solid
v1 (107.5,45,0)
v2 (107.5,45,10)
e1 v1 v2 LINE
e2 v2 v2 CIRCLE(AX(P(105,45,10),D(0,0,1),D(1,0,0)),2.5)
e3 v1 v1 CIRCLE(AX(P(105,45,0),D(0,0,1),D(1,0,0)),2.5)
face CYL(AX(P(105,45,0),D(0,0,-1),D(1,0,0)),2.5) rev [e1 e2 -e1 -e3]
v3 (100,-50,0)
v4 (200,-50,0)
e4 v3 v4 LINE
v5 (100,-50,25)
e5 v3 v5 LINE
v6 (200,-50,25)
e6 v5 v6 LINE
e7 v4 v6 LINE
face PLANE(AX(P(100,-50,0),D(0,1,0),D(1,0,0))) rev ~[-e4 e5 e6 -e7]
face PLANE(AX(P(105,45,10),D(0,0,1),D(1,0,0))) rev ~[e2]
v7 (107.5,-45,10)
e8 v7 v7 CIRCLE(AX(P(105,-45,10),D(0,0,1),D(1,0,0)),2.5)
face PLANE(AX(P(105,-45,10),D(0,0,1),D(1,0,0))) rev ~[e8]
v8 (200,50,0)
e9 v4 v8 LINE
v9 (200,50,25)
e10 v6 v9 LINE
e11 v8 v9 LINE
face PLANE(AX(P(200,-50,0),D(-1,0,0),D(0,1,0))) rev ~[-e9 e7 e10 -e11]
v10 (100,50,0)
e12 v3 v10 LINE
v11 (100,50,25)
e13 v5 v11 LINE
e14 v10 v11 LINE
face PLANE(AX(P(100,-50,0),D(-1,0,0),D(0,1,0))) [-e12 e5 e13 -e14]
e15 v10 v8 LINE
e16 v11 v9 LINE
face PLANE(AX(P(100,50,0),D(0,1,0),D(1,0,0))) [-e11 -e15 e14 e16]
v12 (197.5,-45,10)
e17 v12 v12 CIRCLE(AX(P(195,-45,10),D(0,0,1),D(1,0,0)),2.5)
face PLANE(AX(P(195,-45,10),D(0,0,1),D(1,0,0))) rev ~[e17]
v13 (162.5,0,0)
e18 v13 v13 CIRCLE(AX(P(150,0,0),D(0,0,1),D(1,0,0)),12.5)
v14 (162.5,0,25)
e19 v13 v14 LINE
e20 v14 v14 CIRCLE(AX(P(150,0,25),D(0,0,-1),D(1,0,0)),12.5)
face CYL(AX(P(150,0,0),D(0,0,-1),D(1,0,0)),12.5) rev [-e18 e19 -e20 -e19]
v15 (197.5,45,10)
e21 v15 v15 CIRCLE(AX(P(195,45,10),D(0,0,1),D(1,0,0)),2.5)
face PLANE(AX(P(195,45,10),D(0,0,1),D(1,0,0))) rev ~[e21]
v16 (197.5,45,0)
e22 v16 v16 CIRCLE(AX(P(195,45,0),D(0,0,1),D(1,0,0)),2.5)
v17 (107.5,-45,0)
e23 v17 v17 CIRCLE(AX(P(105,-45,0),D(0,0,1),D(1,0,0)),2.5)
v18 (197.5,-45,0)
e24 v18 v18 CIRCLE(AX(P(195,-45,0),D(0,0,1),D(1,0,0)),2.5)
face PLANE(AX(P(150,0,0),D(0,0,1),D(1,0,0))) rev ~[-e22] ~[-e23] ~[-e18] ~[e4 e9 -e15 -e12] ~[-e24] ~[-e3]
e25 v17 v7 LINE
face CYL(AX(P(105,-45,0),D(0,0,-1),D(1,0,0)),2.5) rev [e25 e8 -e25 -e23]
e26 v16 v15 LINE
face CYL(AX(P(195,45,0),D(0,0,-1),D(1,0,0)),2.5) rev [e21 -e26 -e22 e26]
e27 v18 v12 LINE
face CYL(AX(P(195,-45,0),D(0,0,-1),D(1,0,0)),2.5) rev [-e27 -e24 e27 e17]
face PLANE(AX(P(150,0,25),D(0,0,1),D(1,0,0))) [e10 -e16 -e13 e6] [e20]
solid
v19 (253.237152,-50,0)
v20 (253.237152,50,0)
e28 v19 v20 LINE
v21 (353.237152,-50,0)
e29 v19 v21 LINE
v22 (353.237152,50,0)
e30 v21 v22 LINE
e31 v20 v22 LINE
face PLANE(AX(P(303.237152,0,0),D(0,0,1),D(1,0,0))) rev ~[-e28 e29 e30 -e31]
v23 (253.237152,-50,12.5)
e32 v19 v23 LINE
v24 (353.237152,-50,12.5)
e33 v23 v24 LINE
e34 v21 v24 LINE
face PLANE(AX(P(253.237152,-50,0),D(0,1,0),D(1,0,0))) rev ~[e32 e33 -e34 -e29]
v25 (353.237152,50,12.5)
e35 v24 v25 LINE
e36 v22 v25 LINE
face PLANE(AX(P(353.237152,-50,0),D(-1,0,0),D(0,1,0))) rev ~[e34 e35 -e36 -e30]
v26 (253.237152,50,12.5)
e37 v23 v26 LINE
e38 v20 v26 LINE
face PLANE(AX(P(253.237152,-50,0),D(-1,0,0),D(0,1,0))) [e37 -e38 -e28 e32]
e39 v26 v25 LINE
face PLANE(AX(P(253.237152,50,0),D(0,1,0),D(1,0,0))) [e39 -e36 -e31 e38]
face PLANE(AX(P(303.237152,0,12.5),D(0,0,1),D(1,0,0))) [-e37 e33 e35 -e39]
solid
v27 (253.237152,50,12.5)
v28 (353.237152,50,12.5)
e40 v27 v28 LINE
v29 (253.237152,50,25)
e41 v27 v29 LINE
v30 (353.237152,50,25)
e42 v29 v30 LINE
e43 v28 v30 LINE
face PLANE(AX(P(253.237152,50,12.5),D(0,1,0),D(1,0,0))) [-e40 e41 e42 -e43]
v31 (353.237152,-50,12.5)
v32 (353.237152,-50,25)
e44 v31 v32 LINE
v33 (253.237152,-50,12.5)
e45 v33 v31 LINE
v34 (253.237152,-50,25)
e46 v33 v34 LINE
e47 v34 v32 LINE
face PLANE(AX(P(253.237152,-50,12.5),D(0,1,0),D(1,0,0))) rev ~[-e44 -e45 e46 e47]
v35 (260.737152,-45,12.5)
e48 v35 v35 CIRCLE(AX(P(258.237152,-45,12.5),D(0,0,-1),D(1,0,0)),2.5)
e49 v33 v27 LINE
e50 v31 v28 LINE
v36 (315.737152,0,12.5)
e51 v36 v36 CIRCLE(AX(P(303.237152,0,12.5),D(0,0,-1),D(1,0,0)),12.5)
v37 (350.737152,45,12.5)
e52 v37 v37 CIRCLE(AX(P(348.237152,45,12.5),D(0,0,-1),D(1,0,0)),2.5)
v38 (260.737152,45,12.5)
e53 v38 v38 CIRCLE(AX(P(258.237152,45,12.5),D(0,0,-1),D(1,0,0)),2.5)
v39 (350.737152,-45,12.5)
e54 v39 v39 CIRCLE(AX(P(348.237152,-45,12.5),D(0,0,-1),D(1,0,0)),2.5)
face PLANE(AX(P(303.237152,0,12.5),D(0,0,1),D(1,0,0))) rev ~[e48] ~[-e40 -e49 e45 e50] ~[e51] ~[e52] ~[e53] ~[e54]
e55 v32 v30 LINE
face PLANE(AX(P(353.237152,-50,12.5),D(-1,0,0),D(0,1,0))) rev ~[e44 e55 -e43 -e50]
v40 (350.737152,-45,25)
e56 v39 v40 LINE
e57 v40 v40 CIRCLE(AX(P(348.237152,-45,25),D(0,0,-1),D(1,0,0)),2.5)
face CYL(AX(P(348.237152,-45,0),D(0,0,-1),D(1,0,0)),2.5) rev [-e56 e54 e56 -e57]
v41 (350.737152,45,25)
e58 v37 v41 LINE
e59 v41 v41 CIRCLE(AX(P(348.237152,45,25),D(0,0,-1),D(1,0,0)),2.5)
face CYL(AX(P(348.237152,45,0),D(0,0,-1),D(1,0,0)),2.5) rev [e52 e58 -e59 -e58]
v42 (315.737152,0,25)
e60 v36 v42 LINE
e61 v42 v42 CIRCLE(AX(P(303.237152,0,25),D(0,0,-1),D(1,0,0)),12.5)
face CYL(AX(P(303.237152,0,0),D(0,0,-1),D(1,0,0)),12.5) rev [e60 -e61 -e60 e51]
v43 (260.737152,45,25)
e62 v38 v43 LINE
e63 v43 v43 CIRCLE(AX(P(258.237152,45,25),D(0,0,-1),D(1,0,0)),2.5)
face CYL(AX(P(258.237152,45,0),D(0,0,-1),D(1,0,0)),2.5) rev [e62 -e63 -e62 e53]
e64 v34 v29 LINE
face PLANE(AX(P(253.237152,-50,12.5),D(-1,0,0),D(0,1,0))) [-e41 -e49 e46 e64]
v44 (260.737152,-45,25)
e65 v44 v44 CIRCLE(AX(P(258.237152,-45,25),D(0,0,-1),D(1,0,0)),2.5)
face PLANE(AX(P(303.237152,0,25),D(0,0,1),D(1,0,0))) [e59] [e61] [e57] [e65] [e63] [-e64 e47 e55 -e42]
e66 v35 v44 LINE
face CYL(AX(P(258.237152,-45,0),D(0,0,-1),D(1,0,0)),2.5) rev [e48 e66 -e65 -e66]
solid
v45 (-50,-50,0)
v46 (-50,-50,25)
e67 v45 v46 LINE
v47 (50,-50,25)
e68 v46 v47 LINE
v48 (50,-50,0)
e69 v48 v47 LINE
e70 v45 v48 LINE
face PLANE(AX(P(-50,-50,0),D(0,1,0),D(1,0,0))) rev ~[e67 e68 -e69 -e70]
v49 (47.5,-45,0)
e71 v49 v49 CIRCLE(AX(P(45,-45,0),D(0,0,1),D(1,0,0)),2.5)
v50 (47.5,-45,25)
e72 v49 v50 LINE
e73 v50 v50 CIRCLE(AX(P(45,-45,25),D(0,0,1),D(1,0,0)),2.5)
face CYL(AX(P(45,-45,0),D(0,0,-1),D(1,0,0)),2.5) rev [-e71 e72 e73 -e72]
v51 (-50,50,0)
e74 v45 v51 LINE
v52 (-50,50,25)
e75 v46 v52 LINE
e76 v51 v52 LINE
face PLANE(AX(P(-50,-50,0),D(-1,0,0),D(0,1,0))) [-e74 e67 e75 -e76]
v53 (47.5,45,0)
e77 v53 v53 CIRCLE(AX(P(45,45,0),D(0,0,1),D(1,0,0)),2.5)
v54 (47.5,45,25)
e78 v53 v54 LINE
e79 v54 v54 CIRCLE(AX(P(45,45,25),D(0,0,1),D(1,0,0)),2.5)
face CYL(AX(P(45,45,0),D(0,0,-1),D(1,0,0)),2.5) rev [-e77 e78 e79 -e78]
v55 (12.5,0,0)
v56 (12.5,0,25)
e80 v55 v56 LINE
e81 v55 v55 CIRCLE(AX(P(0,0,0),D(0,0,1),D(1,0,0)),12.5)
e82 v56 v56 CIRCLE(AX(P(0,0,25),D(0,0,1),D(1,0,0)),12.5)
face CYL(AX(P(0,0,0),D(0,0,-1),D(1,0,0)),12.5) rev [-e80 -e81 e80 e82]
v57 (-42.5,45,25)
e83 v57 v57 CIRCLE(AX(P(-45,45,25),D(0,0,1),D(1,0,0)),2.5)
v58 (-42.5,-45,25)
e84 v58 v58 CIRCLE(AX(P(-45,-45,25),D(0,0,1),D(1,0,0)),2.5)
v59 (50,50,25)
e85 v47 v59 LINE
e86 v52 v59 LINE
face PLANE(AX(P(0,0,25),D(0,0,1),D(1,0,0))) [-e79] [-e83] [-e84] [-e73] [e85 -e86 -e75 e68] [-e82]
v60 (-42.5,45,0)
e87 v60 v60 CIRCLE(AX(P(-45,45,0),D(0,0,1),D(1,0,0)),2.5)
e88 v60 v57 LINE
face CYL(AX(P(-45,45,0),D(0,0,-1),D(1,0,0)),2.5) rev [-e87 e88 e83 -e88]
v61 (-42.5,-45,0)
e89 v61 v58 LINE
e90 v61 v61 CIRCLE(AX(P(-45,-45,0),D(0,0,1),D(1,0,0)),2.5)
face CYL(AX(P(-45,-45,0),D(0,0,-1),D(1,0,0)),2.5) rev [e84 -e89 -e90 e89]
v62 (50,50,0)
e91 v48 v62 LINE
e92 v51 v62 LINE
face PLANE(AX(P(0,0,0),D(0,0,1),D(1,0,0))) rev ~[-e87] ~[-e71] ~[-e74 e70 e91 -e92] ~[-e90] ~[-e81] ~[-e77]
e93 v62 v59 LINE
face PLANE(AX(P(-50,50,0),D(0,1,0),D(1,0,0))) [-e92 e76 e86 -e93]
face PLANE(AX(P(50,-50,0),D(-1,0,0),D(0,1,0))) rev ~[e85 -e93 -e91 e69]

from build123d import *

# Parameters (mm, degrees)
F1_W     = 100
F1_H     = 100
F1_R     = 2.5
F1_R_2   = 12.5
F3_DEPTH = 25
F2_W     = 100
F2_H     = 100
F2_R     = 2.5
F2_R_2   = 12.5
F4_DEPTH = 12.5
F5_DEPTH = 12.5
F0_W     = 100
F0_H     = 100
F0_R     = 2.5
F0_R_2   = 12.5
F6_DEPTH = 25
F7_DEPTH = 25.001
F8_DEPTH = 10
F9_DEPTH = 25.001


with BuildPart() as f3:
    # F1 (on Top) → F3 (new body)
    with BuildSketch(Plane.XY):
        with Locations((150, 0)):
            Rectangle(F1_W, F1_H)
        with Locations((105, -45)):
            Circle(F1_R, mode=Mode.SUBTRACT)
        with Locations((195, -45)):
            Circle(F1_R, mode=Mode.SUBTRACT)
        with Locations((105, 45)):
            Circle(F1_R, mode=Mode.SUBTRACT)
        with Locations((150, 0)):
            Circle(F1_R_2, mode=Mode.SUBTRACT)
        with Locations((195, 45)):
            Circle(F1_R, mode=Mode.SUBTRACT)
        with Locations((150, 0)):
            Circle(F1_R_2)
        with Locations((195, -45)):
            Circle(F1_R)
        with Locations((195, 45)):
            Circle(F1_R)
        with Locations((105, 45)):
            Circle(F1_R)
        with Locations((105, -45)):
            Circle(F1_R)
    extrude(amount=F3_DEPTH)

    # F1 (on Top) → F7 (cut, through all)
    with BuildSketch(Plane.XY):
        with Locations((150, 0)):
            Circle(F1_R_2)
    extrude(amount=F7_DEPTH, mode=Mode.SUBTRACT)

    # F1 (on Top) → F8 (cut)
    with BuildSketch(Plane.XY):
        with Locations((195, -45)):
            Circle(F1_R)
        with Locations((105, -45)):
            Circle(F1_R)
        with Locations((105, 45)):
            Circle(F1_R)
        with Locations((195, 45)):
            Circle(F1_R)
    extrude(amount=F8_DEPTH, mode=Mode.SUBTRACT)


with BuildPart() as f4:
    # F2 (on Top) → F4 (new body)
    with BuildSketch(Plane.XY):
        with Locations((303.2371522859, 0)):
            Rectangle(F2_W, F2_H)
        with Locations((258.2371522859, -45)):
            Circle(F2_R, mode=Mode.SUBTRACT)
        with Locations((348.2371522859, -45)):
            Circle(F2_R, mode=Mode.SUBTRACT)
        with Locations((303.2371522859, 0)):
            Circle(F2_R_2, mode=Mode.SUBTRACT)
        with Locations((258.2371522859, 45)):
            Circle(F2_R, mode=Mode.SUBTRACT)
        with Locations((348.2371522859, 45)):
            Circle(F2_R, mode=Mode.SUBTRACT)
        with Locations((303.2371522859, 0)):
            Circle(F2_R_2)
        with Locations((348.2371522859, 45)):
            Circle(F2_R)
        with Locations((348.2371522859, -45)):
            Circle(F2_R)
        with Locations((258.2371522859, -45)):
            Circle(F2_R)
        with Locations((258.2371522859, 45)):
            Circle(F2_R)
    extrude(amount=F4_DEPTH)


with BuildPart() as f5:
    # F5 (new): a face of the model
    f5_faces = [f4.part.faces().sort_by_distance(p)[0] for p in [
        (303.2371522859, 0, 12.5),
    ]]
    extrude(f5_faces, amount=F5_DEPTH)

    # F2 (on Top) → F9 (cut, through all)
    with BuildSketch(Plane.XY):
        with Locations((303.2371522859, 0)):
            Circle(F2_R_2)
        with Locations((348.2371522859, -45)):
            Circle(F2_R)
        with Locations((258.2371522859, -45)):
            Circle(F2_R)
        with Locations((258.2371522859, 45)):
            Circle(F2_R)
        with Locations((348.2371522859, 45)):
            Circle(F2_R)
    extrude(amount=F9_DEPTH, mode=Mode.SUBTRACT)


with BuildPart() as f6:
    # F0 (on Top) → F6 (new body)
    with BuildSketch(Plane.XY):
        Rectangle(F0_W, F0_H)
        with Locations((-45, -45)):
            Circle(F0_R, mode=Mode.SUBTRACT)
        with Locations((45, -45)):
            Circle(F0_R, mode=Mode.SUBTRACT)
        with Locations((-45, 45)):
            Circle(F0_R, mode=Mode.SUBTRACT)
        Circle(F0_R_2, mode=Mode.SUBTRACT)
        with Locations((45, 45)):
            Circle(F0_R, mode=Mode.SUBTRACT)
    extrude(amount=F6_DEPTH)


solid = Compound([f3.part, f4.part, f5.part, f6.part])
